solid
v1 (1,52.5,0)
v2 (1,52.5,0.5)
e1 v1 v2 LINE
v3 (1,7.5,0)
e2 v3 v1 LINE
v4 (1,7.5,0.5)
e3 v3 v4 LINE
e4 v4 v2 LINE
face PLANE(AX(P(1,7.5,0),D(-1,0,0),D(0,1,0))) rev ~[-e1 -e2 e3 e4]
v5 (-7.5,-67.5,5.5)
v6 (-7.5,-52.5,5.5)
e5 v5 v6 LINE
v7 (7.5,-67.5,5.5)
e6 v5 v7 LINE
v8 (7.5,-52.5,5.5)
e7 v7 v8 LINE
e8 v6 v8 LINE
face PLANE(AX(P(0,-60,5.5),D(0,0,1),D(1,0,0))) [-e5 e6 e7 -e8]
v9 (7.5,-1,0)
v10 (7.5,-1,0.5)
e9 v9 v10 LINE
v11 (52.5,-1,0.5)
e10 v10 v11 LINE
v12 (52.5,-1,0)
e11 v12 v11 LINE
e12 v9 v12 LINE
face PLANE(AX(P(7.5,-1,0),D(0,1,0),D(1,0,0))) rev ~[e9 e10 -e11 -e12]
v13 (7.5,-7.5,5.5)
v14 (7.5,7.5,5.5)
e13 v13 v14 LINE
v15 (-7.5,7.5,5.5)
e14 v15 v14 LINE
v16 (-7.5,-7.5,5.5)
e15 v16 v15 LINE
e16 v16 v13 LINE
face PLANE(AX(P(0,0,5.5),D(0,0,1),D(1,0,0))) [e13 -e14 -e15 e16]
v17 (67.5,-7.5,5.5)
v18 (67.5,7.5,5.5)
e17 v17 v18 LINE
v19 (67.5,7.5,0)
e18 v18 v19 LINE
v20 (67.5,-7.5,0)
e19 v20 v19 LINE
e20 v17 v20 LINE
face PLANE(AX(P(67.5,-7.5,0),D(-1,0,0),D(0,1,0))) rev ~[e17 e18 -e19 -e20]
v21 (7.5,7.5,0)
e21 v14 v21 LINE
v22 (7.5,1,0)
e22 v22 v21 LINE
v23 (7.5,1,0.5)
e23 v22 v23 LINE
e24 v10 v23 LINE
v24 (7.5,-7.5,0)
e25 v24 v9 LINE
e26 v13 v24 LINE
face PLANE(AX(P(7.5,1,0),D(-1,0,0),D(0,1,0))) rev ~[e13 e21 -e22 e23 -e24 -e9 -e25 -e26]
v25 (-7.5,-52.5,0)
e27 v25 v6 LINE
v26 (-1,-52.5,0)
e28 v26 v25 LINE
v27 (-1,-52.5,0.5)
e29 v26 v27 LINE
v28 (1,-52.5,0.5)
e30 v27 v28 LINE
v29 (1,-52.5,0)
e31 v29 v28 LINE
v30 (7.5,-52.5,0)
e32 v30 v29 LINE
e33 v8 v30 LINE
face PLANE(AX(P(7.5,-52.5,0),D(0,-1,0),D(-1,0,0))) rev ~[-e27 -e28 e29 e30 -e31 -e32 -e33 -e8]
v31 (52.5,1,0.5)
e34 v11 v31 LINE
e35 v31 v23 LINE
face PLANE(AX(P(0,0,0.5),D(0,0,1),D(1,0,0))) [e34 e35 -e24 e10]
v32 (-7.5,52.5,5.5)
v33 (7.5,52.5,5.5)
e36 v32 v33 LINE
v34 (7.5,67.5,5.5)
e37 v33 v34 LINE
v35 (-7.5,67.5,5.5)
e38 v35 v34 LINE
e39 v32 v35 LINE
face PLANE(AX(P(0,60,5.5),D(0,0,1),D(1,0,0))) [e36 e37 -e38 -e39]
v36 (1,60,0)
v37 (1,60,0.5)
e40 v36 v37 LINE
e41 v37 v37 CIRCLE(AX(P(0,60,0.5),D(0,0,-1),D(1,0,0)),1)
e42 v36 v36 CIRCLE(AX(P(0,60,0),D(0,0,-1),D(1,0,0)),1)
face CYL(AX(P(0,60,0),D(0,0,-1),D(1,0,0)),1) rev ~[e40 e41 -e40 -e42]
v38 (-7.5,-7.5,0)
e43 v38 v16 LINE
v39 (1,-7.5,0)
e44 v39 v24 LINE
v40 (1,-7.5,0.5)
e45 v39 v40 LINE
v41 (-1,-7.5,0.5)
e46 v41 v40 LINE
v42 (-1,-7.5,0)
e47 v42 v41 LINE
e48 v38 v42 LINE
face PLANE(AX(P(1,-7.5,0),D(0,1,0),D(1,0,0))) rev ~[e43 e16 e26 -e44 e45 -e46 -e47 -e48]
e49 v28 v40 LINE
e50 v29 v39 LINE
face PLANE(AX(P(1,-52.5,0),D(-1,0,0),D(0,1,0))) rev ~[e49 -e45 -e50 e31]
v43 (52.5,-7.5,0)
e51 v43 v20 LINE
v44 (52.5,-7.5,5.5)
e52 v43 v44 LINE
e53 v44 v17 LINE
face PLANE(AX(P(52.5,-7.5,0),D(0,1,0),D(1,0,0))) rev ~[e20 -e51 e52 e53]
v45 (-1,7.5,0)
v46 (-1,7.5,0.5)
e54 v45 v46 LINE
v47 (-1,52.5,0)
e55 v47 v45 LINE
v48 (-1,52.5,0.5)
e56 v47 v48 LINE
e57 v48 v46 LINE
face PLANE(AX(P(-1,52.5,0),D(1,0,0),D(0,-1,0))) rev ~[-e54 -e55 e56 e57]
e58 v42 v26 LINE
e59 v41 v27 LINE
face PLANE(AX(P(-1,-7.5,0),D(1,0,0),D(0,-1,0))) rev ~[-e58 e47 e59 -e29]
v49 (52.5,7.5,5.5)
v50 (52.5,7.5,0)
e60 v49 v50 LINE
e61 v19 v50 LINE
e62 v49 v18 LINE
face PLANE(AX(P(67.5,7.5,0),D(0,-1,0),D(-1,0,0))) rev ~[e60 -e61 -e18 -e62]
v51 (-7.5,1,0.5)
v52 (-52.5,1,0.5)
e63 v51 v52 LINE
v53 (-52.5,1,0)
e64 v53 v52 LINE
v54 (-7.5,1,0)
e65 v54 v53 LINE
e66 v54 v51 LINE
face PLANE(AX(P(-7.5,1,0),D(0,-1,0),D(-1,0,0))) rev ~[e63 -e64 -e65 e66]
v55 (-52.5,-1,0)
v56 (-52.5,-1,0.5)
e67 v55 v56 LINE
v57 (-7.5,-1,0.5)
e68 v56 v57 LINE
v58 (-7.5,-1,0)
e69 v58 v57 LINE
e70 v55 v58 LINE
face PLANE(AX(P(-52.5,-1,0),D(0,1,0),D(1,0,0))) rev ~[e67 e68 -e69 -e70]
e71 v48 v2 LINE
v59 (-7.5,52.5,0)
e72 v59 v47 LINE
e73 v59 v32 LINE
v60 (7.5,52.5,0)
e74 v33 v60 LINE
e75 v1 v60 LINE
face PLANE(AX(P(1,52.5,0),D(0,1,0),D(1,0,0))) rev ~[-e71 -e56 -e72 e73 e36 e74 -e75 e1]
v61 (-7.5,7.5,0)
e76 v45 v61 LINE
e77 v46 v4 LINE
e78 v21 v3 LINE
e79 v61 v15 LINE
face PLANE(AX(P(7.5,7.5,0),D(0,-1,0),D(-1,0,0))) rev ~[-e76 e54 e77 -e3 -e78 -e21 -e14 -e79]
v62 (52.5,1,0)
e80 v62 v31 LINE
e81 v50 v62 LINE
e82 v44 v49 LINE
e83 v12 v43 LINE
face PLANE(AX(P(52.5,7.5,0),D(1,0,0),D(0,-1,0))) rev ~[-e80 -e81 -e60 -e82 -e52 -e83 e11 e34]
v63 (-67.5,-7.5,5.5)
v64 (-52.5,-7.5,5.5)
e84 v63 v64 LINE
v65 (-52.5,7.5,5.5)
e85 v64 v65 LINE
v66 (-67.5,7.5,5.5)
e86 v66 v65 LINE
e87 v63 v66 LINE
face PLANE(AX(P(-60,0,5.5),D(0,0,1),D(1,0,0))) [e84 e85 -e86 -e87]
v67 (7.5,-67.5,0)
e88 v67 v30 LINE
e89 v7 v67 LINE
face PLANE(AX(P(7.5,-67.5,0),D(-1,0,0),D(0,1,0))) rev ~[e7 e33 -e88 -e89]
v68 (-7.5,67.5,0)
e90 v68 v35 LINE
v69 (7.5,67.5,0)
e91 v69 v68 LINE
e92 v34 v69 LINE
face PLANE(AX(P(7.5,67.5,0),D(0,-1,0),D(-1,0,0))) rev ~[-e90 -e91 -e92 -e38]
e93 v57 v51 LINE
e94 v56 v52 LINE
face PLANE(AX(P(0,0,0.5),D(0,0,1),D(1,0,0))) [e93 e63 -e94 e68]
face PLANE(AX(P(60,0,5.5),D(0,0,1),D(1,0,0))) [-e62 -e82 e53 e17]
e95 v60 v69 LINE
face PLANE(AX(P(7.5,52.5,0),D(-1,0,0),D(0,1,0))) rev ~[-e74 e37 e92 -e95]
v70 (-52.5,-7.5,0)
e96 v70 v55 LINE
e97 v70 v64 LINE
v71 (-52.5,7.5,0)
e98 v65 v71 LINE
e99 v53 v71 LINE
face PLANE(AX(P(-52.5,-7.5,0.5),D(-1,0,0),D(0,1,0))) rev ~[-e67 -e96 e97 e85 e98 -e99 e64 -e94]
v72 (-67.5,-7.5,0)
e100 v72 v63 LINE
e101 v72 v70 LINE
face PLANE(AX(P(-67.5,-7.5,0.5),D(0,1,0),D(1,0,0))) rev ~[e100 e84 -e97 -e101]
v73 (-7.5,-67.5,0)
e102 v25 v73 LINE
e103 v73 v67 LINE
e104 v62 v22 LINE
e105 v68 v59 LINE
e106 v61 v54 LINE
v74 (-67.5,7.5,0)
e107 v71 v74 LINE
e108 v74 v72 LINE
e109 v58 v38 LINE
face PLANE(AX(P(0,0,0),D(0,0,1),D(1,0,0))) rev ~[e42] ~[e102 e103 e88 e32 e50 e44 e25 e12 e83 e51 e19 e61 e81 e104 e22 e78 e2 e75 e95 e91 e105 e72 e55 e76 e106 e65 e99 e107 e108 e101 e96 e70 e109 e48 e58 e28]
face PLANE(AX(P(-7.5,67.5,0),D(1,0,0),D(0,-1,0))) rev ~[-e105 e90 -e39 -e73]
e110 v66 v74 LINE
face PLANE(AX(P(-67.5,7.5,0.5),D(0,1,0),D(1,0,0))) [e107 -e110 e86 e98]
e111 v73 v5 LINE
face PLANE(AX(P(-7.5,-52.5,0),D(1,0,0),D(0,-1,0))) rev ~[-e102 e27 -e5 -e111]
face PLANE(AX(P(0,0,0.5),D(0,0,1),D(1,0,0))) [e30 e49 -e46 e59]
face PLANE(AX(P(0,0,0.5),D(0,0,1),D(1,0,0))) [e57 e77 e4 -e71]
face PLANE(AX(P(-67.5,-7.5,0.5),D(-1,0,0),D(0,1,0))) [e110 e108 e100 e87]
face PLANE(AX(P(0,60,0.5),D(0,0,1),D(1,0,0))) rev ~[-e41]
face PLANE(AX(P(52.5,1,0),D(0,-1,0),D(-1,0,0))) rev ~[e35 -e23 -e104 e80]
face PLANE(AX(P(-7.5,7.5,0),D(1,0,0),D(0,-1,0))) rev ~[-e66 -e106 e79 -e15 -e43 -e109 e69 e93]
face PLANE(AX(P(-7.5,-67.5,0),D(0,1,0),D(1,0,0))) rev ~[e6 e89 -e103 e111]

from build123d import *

# Parameters (mm, degrees)
F1_DEPTH = 0.5
F2_R     = 1
F3_DEPTH = 0.5
F4_W     = 15
F4_H     = 15
F5_DEPTH = 5


with BuildPart() as f1:
    # F0 (on Top) → F1 (new body)
    with BuildSketch(Plane.XY):
        Polygon((7.5, 67.5), (0, 67.5), (-7.5, 67.5), (-7.5, 52.5), (-1, 52.5), (-1, 7.5), (-7.5, 7.5), (-7.5, 1), (-52.5, 1), (-52.5, 7.5), (-67.5, 7.5), (-67.5, 0), (-67.5, -7.5), (-52.5, -7.5), (-52.5, -1), (-7.5, -1), (-7.5, -7.5), (-1, -7.5), (-1, -52.5), (-7.5, -52.5), (-7.5, -67.5), (0, -67.5), (7.5, -67.5), (7.5, -52.5), (1, -52.5), (1, -7.5), (7.5, -7.5), (7.5, -1), (52.5, -1), (52.5, -7.5), (67.5, -7.5), (67.5, 0), (67.5, 7.5), (52.5, 7.5), (52.5, 1), (7.5, 1), (7.5, 7.5), (1, 7.5), (1, 52.5), (7.5, 52.5), align=None)
    extrude(amount=F1_DEPTH)

    # F2 (on face) → F3 (cut, through all)
    with BuildSketch(Plane(origin=(0, 0, 0), x_dir=(1, 0, 0), z_dir=(0, 0, -1))):
        with Locations((0, -60)):
            Circle(F2_R)
    extrude(amount=-F3_DEPTH, mode=Mode.SUBTRACT)

    # F4 (on face) → F5 (join)
    with BuildSketch(Plane.XY.offset(0.5)):
        with Locations((-60, 0)):
            Rectangle(F4_W, F4_H)
        with Locations((0, 60)):
            Rectangle(F4_W, F4_H)
        with Locations((60, 0)):
            Rectangle(F4_W, F4_H)
        Rectangle(F4_W, F4_H)
        with Locations((0, -60)):
            Rectangle(F4_W, F4_H)
    extrude(amount=F5_DEPTH)


solid = f1.part
